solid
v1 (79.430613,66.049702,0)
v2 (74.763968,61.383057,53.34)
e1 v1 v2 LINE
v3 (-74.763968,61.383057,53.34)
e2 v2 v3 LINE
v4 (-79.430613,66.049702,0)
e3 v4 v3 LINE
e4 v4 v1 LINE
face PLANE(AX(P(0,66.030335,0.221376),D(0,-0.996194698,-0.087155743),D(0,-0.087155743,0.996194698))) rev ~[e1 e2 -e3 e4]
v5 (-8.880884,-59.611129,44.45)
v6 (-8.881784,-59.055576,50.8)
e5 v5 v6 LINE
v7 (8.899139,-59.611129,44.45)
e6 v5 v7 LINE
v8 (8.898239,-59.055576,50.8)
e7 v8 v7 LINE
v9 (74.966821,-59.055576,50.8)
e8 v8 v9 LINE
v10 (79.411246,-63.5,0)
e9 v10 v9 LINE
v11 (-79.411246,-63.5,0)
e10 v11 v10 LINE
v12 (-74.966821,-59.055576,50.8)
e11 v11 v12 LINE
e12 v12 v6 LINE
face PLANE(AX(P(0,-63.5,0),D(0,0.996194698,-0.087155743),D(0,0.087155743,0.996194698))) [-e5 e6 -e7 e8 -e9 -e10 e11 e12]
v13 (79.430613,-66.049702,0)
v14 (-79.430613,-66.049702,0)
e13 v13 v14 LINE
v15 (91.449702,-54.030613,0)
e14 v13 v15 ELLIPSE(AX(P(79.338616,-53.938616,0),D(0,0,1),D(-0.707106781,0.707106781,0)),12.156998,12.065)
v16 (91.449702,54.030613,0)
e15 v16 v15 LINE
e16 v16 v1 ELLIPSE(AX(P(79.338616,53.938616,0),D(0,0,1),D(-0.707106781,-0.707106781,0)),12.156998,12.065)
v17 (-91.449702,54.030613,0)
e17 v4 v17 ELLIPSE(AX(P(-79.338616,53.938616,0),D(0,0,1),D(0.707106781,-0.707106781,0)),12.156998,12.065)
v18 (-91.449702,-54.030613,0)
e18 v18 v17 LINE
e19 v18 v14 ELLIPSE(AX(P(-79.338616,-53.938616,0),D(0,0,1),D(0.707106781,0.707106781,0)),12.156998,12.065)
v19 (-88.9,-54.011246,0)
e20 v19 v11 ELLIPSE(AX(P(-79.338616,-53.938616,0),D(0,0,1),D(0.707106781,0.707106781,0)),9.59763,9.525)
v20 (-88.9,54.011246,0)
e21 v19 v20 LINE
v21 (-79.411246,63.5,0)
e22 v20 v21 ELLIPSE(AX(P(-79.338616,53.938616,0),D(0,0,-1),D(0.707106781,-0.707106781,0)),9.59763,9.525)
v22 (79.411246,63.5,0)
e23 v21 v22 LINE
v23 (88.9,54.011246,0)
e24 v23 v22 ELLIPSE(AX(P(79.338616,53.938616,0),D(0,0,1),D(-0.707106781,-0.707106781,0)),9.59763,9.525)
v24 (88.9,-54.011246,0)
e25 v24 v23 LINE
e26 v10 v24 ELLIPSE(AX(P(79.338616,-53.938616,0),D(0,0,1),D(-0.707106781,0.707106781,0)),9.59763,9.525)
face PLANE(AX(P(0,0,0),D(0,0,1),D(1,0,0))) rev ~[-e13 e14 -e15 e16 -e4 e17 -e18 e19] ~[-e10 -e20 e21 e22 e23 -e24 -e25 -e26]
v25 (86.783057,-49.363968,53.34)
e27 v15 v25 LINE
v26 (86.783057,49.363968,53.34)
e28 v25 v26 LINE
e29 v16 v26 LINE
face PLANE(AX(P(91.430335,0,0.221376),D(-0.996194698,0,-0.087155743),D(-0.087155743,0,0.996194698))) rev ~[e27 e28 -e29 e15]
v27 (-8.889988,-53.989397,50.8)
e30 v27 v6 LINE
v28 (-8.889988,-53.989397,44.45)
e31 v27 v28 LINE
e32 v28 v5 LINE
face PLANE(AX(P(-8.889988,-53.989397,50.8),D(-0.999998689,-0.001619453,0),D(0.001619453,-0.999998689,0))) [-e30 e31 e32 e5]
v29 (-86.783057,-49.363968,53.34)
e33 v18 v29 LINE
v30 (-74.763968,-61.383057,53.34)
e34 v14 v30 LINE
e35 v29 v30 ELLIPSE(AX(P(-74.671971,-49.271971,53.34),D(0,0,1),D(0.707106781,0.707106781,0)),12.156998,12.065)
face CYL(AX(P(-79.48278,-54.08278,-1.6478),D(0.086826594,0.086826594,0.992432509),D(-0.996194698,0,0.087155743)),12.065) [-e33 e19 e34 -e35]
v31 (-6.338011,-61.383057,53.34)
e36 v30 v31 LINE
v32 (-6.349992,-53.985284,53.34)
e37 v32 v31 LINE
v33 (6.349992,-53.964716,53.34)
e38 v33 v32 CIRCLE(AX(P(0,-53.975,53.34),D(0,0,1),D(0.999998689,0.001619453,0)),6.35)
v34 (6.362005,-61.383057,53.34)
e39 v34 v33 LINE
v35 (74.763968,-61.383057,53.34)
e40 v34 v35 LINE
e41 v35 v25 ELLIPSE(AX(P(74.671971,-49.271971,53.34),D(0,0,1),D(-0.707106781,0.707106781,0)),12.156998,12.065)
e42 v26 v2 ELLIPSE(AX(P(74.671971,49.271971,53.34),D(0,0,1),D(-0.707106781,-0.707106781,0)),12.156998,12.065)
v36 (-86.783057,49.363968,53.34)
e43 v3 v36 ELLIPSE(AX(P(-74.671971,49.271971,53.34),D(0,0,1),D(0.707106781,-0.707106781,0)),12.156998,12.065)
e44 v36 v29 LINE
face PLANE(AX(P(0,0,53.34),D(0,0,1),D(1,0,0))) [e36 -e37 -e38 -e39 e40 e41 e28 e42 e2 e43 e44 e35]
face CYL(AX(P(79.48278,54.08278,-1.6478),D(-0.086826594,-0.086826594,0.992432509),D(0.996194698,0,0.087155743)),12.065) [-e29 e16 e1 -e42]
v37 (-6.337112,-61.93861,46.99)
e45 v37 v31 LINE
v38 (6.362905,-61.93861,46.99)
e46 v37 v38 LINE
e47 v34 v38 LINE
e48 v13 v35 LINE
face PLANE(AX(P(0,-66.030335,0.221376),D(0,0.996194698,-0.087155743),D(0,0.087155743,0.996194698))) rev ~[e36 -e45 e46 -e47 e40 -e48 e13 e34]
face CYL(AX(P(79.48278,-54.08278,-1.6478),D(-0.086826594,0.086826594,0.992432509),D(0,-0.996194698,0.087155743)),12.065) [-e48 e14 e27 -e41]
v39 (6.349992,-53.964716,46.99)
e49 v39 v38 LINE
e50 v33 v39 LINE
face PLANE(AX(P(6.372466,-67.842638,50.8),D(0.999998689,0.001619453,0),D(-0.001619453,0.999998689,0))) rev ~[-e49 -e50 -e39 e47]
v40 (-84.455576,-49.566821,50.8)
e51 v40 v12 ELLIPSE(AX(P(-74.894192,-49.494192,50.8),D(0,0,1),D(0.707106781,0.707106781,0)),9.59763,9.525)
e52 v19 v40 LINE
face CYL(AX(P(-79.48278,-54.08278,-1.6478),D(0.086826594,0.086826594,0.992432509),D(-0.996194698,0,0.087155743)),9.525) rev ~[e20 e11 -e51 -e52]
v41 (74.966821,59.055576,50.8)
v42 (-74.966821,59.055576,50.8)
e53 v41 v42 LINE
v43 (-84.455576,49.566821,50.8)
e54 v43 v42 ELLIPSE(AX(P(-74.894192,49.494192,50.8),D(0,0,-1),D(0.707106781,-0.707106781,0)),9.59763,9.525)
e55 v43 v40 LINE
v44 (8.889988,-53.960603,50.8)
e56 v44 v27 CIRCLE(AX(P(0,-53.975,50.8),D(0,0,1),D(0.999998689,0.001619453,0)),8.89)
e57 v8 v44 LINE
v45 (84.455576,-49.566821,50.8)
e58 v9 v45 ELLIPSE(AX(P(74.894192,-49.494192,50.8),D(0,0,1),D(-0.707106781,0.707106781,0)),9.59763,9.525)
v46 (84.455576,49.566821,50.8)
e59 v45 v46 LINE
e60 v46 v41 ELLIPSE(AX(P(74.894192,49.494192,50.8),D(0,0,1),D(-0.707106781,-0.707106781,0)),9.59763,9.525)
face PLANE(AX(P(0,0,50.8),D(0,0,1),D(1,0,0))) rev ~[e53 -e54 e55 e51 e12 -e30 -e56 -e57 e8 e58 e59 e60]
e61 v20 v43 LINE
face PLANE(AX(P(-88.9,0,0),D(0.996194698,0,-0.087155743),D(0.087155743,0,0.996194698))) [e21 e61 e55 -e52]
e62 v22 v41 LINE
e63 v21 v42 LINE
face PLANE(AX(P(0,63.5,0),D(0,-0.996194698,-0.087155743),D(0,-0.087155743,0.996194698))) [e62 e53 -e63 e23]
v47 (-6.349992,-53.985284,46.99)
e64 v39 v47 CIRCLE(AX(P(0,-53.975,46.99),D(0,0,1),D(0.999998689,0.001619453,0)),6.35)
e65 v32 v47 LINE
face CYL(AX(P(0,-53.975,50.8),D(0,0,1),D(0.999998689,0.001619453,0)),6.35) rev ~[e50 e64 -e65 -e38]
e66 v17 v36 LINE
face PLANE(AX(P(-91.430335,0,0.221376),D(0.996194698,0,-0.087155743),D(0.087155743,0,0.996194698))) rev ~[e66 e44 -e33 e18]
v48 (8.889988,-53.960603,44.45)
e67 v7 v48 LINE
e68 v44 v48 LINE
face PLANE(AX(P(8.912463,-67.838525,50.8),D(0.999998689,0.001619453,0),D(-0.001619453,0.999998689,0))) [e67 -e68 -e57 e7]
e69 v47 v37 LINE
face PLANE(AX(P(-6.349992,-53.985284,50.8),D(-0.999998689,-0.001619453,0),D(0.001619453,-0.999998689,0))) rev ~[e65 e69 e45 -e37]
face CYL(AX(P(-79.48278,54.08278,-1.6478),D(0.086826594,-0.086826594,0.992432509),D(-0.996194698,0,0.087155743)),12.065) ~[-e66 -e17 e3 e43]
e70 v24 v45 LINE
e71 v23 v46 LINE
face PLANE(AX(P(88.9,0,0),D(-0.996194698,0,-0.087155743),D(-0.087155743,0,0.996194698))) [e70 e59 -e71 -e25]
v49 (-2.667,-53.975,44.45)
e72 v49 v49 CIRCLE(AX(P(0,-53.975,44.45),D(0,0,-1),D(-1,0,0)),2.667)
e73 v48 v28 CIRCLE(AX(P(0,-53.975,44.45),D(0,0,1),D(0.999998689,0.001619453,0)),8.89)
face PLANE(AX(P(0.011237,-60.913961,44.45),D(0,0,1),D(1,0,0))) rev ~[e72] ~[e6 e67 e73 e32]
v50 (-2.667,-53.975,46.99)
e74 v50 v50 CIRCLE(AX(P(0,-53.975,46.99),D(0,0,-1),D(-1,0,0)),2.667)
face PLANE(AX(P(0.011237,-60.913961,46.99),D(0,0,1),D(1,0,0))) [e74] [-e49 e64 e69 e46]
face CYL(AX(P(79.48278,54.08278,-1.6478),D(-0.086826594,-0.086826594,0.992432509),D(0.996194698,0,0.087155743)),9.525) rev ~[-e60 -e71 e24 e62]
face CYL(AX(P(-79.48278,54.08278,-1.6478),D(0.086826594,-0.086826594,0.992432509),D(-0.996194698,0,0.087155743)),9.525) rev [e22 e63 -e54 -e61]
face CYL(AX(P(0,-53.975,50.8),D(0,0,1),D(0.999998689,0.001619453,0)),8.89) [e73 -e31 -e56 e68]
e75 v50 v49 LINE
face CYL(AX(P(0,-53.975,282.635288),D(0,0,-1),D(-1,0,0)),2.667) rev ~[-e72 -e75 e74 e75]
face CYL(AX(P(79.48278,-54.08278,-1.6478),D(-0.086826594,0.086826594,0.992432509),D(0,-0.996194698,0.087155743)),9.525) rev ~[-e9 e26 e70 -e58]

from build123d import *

# Parameters (mm, degrees)
F0_W     = 177.8
F0_H     = 127
F1_DEPTH = 50.8
F1_TAPER = 5
F4_DEPTH = 6.35
F5_R     = 9.525
F6_T     = 2.54
F7_D     = 5.334


with BuildPart() as f1:
    # F0 (on Top) → F1 (new body)
    with BuildSketch(Plane.XY):
        Rectangle(F0_W, F0_H)
    extrude(amount=F1_DEPTH, taper=F1_TAPER)

    # F3 (on face) → F4 (cut)
    with BuildSketch(Plane.XY.offset(50.8)):
        with BuildLine():
            ThreePointArc((8.8899883424, -53.9606030597), (-0.0143969403, -45.0850116576), (-8.8899883424, -53.9893969403))
            Line((-8.8899883424, -53.9893969403), (-8.867513666, -67.8673187242))
            ThreePointArc((-8.867513666, -67.8673187242), (0.0368716166, -76.7429101263), (8.9124630188, -67.8385248437))
            Line((8.9124630188, -67.8385248437), (8.8899883424, -53.9606030597))
        make_face()
    extrude(amount=-F4_DEPTH, mode=Mode.SUBTRACT)

    # F5
    f5_edges = [f1.edges().sort_by_distance(p)[0] for p in [
        (-86.677788, 61.277788, 25.4),
        (-86.677788, -61.277788, 25.4),
        (86.677788, 61.277788, 25.4),
        (86.677788, -61.277788, 25.4),
    ]]
    fillet(f5_edges, radius=F5_R)

    # F6
    f6_openings = [f1.faces().sort_by_distance(p)[0] for p in [
        (0, 0, 0),
    ]]
    offset(amount=F6_T, openings=f6_openings, kind=Kind.INTERSECTION)

    # F7 (through all)
    with Locations(Plane.XY.offset(50.8)):
        with Locations((0, -53.975)):
            Hole(F7_D / 2)


solid = f1.part
